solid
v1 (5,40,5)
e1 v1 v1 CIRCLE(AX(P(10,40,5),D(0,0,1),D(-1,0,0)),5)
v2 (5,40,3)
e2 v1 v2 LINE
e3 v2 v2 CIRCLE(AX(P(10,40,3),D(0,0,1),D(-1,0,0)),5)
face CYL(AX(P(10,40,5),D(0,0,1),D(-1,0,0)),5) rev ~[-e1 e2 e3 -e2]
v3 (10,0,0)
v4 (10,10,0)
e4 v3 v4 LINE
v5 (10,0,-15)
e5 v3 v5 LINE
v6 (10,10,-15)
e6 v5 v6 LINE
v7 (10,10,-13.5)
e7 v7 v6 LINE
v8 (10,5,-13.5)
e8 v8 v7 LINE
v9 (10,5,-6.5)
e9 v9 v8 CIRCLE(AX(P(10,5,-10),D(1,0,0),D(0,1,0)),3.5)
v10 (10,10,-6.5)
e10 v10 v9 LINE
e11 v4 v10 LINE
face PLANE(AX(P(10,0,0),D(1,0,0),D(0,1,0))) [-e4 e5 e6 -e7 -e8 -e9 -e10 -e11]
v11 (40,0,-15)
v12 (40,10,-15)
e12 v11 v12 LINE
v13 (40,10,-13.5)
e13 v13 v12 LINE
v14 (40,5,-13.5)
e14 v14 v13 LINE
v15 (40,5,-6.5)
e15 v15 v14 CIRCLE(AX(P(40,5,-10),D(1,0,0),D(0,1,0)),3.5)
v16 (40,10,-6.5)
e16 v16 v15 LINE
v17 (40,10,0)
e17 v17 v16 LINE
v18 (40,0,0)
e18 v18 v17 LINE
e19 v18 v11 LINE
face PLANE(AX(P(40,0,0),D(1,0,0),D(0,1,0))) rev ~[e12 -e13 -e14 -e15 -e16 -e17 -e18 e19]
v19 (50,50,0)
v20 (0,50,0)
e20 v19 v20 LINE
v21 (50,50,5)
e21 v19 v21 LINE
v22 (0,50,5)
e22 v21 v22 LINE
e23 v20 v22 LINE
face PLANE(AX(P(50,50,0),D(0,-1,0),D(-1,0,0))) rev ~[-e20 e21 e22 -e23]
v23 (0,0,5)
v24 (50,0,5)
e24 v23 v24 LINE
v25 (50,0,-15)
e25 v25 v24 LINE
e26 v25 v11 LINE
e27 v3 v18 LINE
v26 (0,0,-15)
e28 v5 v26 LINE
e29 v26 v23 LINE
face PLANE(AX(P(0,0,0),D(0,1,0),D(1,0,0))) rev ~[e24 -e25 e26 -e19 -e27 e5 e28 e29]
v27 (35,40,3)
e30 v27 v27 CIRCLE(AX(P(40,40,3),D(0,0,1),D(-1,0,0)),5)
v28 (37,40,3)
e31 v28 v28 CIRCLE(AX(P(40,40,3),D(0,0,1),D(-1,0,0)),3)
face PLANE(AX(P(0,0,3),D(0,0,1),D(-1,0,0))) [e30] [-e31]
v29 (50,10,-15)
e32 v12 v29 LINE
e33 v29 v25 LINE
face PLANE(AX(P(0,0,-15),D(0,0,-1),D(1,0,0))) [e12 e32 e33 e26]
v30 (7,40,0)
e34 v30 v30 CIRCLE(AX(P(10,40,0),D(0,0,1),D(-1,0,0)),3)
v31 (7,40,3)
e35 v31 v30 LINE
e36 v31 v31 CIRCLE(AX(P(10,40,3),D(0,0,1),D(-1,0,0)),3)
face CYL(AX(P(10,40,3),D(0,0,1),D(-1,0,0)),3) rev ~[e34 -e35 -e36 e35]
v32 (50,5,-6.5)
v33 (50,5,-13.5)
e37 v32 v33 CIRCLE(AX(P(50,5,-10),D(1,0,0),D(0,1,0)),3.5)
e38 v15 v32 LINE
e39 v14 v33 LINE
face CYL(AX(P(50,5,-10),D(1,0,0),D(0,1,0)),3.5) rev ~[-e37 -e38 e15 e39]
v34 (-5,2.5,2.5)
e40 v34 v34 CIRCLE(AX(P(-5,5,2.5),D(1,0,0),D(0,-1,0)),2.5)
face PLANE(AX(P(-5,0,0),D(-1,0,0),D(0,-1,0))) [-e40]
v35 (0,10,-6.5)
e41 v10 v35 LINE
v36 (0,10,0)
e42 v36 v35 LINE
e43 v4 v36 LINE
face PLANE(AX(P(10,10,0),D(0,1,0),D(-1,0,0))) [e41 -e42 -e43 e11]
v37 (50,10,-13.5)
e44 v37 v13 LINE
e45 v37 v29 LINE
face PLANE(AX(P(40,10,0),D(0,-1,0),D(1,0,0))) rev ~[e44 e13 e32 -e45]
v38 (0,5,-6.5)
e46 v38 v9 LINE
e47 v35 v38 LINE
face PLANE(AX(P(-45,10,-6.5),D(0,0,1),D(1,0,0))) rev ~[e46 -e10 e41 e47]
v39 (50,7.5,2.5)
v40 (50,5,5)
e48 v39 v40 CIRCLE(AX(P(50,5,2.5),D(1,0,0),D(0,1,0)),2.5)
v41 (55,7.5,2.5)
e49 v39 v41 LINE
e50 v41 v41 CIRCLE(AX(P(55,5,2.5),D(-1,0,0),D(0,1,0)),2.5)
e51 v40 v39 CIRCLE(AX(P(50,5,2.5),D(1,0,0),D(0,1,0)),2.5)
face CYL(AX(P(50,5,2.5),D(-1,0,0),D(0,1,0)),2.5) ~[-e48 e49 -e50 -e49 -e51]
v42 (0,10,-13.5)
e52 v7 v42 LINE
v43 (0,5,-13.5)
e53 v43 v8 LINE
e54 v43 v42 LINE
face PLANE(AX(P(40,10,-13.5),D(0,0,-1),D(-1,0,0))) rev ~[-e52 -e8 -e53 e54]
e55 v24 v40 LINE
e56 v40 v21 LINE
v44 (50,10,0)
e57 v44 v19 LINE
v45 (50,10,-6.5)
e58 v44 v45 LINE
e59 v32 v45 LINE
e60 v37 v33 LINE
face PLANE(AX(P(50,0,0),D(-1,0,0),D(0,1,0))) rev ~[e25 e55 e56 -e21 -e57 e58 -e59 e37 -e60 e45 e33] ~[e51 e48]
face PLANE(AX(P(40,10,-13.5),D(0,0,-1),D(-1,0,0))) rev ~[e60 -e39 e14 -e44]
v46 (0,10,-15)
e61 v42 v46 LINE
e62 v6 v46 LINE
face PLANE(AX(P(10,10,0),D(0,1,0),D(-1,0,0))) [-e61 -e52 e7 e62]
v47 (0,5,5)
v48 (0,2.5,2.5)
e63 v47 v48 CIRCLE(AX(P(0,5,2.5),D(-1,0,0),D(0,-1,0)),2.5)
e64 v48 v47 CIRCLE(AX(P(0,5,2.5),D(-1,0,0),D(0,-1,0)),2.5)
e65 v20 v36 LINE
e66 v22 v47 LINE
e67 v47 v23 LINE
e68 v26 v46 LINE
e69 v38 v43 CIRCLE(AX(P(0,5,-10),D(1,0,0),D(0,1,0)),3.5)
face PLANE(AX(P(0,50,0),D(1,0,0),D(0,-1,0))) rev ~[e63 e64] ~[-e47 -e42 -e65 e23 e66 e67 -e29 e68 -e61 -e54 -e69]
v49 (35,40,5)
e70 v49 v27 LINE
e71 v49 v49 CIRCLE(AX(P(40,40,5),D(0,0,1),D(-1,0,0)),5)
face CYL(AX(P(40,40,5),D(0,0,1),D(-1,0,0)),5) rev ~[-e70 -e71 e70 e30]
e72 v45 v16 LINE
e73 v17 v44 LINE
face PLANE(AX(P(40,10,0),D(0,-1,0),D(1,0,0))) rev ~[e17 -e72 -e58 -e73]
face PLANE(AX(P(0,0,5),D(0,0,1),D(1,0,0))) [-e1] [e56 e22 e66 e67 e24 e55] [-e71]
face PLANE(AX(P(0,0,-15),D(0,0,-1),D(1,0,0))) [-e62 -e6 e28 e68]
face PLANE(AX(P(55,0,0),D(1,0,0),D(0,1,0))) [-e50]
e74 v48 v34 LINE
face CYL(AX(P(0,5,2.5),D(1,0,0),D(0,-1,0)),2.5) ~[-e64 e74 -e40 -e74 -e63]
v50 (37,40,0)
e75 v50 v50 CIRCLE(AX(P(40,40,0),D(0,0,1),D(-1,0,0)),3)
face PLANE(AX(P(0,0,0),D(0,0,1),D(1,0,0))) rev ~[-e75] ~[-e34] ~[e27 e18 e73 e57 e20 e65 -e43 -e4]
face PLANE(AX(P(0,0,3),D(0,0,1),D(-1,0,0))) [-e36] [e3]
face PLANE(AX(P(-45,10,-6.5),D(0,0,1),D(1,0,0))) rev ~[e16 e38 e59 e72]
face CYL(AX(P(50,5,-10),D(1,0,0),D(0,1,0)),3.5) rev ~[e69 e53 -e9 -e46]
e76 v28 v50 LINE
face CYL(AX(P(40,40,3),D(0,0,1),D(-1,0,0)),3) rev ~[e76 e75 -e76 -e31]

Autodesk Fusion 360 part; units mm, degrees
sketch "Sketch1" plane through (0, 0, 0) normal (0, 0, 1) x (1, 0, 0)
  line L0 (0, 0) -> (50, 0)
  line L1 (50, 0) -> (50, 50)
  line L2 (50, 50) -> (0, 50)
  line L3 (0, 50) -> (0, 0)
  dimension "d1" = 50
  dimension "d2" = 50
extrude "Extrude1" add sketch "Sketch1" along normal blind 5
sketch "Sketch2" plane through (0, 0, 5) normal (0, 0, 1) x (-1, 0, 0)
  line L0 (0, -50) -> (0, 0)
  line L1 (0, 0) -> (-50, 0)
  line L2 (-50, 0) -> (-50, -50)
  line L3 (-50, -50) -> (0, -50)
  circle A0 centre (-10, -40) radius 5
  circle A1 centre (-40, -40) radius 5
  dimension "d5" = 10
  dimension "d6" = 10
extrude "Extrude2" cut sketch "Sketch2" against normal blind 2 contours A0 | A1
sketch "Sketch3" plane through (0, 0, 3) normal (0, 0, 1) x (-1, 0, 0)
  circle A0 centre (-10, -40) radius 5
  circle A1 centre (-10, -40) radius 3
  circle A2 centre (-40, -40) radius 3
  dimension "d9" = 6
  dimension "d10" = 6
extrude "Extrude3" cut sketch "Sketch3" against normal blind 5 contours A1 | A2
sketch "Sketch4" plane through (0, 0, 0) normal (0, 0, -1) x (1, 0, 0)
  circle A0 centre (10, -40) radius 3
  circle A1 centre (40, -40) radius 3
  line L0 (0, 0) -> (0, -50)
  line L1 (0, -50) -> (50, -50)
  line L2 (50, -50) -> (50, 0)
  line L3 (50, 0) -> (0, 0)
  line L4 (0, 0) -> (10, 0)
  line L5 (10, 0) -> (10, -10)
  line L6 (10, -10) -> (0, -10)
  line L7 (0, -10) -> (0, 0)
  line L8 (50, 0) -> (40, 0)
  line L9 (40, 0) -> (40, -10)
  line L10 (40, -10) -> (50, -10)
  line L11 (50, -10) -> (50, 0)
  dimension "d13" = 10
  dimension "d14" = 10
  dimension "d15" = 10
  dimension "d16" = 10
extrude "Extrude4" add sketch "Sketch4" along normal blind 15 contours L0 L3 L4 L5 L6 L7 | L2 L3 L8 L9 L10 L11
sketch "Sketch5" plane through (50, 0, 0) normal (1, 0, 0) x (0, 1, 0)
  line L0 (10, 0) -> (50, 0)
  line L1 (50, 0) -> (50, 5)
  line L2 (50, 5) -> (0, 5)
  line L3 (0, 5) -> (0, -15)
  line L4 (0, -15) -> (10, -15)
  line L5 (10, -15) -> (10, 0)
  circle A0 centre (5, -10) radius 3.5
  dimension "d19" = 7
extrude "Extrude5" cut sketch "Sketch5" against normal blind 50 contours A0
sketch "Sketch6" plane through (0, 10, 0) normal (0, 1, 0) x (-1, 0, 0)
  line L0 (-40, 0) -> (-50, 0)
  line L1 (-50, 0) -> (-50, -15)
  line L2 (-50, -15) -> (-40, -15)
  line L3 (-40, -15) -> (-40, 0)
  line L4 (45, -6.5) -> (-55, -6.5)
  line L5 (-55, -6.5) -> (-55, -13.5)
  line L6 (-55, -13.5) -> (45, -13.5)
  line L7 (45, -13.5) -> (45, -6.5)
  line L8 (45, -6.5) -> (-55, -13.5) construction
  line L9 (-55, -6.5) -> (45, -13.5) construction
  point P0 (-5, -10)
  dimension "d22" = 100
  dimension "d23" = 7
extrude "Extrude6" cut sketch "Sketch6" against normal blind 5 contours L3 L4 L6 L7 | L1 L3 L4 L6 | L1 L4 L5 L6
sketch "Sketch7" plane through (50, 0, 0) normal (1, 0, 0) x (0, 1, 0)
  line L0 (5, -6.5) -> (10, -6.5)
  line L1 (10, -6.5) -> (10, 0)
  line L2 (10, 0) -> (50, 0)
  line L3 (50, 0) -> (50, 5)
  line L4 (50, 5) -> (0, 5)
  line L5 (0, 5) -> (0, -15)
  line L6 (0, -15) -> (10, -15)
  line L7 (10, -15) -> (10, -13.5)
  line L8 (10, -13.5) -> (5, -13.5)
  arc A0 (5, -6.5) -> (5, -13.5) centre (5, -10) ccw
  circle A1 centre (5, 2.5) radius 2.5
  dimension "d26" = 5
extrude "Extrude7" add sketch "Sketch7" along normal blind 5 contours A1
sketch "Sketch8" plane through (0, 0, 0) normal (-1, 0, 0) x (0, -1, 0)
  line L0 (-10, -6.5) -> (-5, -6.5)
  arc A0 (-5, -13.5) -> (-5, -6.5) centre (-5, -10) ccw
  line L1 (-5, -13.5) -> (-10, -13.5)
  line L2 (-10, -13.5) -> (-10, -15)
  line L3 (-10, -15) -> (0, -15)
  line L4 (0, -15) -> (0, 5)
  line L5 (0, 5) -> (-50, 5)
  line L6 (-50, 5) -> (-50, 0)
  line L7 (-50, 0) -> (-10, 0)
  line L8 (-10, 0) -> (-10, -6.5)
  circle A1 centre (-5, 2.5) radius 2.5
  dimension "d29" = 5
extrude "Extrude8" add sketch "Sketch8" along normal blind 5 contours A1
